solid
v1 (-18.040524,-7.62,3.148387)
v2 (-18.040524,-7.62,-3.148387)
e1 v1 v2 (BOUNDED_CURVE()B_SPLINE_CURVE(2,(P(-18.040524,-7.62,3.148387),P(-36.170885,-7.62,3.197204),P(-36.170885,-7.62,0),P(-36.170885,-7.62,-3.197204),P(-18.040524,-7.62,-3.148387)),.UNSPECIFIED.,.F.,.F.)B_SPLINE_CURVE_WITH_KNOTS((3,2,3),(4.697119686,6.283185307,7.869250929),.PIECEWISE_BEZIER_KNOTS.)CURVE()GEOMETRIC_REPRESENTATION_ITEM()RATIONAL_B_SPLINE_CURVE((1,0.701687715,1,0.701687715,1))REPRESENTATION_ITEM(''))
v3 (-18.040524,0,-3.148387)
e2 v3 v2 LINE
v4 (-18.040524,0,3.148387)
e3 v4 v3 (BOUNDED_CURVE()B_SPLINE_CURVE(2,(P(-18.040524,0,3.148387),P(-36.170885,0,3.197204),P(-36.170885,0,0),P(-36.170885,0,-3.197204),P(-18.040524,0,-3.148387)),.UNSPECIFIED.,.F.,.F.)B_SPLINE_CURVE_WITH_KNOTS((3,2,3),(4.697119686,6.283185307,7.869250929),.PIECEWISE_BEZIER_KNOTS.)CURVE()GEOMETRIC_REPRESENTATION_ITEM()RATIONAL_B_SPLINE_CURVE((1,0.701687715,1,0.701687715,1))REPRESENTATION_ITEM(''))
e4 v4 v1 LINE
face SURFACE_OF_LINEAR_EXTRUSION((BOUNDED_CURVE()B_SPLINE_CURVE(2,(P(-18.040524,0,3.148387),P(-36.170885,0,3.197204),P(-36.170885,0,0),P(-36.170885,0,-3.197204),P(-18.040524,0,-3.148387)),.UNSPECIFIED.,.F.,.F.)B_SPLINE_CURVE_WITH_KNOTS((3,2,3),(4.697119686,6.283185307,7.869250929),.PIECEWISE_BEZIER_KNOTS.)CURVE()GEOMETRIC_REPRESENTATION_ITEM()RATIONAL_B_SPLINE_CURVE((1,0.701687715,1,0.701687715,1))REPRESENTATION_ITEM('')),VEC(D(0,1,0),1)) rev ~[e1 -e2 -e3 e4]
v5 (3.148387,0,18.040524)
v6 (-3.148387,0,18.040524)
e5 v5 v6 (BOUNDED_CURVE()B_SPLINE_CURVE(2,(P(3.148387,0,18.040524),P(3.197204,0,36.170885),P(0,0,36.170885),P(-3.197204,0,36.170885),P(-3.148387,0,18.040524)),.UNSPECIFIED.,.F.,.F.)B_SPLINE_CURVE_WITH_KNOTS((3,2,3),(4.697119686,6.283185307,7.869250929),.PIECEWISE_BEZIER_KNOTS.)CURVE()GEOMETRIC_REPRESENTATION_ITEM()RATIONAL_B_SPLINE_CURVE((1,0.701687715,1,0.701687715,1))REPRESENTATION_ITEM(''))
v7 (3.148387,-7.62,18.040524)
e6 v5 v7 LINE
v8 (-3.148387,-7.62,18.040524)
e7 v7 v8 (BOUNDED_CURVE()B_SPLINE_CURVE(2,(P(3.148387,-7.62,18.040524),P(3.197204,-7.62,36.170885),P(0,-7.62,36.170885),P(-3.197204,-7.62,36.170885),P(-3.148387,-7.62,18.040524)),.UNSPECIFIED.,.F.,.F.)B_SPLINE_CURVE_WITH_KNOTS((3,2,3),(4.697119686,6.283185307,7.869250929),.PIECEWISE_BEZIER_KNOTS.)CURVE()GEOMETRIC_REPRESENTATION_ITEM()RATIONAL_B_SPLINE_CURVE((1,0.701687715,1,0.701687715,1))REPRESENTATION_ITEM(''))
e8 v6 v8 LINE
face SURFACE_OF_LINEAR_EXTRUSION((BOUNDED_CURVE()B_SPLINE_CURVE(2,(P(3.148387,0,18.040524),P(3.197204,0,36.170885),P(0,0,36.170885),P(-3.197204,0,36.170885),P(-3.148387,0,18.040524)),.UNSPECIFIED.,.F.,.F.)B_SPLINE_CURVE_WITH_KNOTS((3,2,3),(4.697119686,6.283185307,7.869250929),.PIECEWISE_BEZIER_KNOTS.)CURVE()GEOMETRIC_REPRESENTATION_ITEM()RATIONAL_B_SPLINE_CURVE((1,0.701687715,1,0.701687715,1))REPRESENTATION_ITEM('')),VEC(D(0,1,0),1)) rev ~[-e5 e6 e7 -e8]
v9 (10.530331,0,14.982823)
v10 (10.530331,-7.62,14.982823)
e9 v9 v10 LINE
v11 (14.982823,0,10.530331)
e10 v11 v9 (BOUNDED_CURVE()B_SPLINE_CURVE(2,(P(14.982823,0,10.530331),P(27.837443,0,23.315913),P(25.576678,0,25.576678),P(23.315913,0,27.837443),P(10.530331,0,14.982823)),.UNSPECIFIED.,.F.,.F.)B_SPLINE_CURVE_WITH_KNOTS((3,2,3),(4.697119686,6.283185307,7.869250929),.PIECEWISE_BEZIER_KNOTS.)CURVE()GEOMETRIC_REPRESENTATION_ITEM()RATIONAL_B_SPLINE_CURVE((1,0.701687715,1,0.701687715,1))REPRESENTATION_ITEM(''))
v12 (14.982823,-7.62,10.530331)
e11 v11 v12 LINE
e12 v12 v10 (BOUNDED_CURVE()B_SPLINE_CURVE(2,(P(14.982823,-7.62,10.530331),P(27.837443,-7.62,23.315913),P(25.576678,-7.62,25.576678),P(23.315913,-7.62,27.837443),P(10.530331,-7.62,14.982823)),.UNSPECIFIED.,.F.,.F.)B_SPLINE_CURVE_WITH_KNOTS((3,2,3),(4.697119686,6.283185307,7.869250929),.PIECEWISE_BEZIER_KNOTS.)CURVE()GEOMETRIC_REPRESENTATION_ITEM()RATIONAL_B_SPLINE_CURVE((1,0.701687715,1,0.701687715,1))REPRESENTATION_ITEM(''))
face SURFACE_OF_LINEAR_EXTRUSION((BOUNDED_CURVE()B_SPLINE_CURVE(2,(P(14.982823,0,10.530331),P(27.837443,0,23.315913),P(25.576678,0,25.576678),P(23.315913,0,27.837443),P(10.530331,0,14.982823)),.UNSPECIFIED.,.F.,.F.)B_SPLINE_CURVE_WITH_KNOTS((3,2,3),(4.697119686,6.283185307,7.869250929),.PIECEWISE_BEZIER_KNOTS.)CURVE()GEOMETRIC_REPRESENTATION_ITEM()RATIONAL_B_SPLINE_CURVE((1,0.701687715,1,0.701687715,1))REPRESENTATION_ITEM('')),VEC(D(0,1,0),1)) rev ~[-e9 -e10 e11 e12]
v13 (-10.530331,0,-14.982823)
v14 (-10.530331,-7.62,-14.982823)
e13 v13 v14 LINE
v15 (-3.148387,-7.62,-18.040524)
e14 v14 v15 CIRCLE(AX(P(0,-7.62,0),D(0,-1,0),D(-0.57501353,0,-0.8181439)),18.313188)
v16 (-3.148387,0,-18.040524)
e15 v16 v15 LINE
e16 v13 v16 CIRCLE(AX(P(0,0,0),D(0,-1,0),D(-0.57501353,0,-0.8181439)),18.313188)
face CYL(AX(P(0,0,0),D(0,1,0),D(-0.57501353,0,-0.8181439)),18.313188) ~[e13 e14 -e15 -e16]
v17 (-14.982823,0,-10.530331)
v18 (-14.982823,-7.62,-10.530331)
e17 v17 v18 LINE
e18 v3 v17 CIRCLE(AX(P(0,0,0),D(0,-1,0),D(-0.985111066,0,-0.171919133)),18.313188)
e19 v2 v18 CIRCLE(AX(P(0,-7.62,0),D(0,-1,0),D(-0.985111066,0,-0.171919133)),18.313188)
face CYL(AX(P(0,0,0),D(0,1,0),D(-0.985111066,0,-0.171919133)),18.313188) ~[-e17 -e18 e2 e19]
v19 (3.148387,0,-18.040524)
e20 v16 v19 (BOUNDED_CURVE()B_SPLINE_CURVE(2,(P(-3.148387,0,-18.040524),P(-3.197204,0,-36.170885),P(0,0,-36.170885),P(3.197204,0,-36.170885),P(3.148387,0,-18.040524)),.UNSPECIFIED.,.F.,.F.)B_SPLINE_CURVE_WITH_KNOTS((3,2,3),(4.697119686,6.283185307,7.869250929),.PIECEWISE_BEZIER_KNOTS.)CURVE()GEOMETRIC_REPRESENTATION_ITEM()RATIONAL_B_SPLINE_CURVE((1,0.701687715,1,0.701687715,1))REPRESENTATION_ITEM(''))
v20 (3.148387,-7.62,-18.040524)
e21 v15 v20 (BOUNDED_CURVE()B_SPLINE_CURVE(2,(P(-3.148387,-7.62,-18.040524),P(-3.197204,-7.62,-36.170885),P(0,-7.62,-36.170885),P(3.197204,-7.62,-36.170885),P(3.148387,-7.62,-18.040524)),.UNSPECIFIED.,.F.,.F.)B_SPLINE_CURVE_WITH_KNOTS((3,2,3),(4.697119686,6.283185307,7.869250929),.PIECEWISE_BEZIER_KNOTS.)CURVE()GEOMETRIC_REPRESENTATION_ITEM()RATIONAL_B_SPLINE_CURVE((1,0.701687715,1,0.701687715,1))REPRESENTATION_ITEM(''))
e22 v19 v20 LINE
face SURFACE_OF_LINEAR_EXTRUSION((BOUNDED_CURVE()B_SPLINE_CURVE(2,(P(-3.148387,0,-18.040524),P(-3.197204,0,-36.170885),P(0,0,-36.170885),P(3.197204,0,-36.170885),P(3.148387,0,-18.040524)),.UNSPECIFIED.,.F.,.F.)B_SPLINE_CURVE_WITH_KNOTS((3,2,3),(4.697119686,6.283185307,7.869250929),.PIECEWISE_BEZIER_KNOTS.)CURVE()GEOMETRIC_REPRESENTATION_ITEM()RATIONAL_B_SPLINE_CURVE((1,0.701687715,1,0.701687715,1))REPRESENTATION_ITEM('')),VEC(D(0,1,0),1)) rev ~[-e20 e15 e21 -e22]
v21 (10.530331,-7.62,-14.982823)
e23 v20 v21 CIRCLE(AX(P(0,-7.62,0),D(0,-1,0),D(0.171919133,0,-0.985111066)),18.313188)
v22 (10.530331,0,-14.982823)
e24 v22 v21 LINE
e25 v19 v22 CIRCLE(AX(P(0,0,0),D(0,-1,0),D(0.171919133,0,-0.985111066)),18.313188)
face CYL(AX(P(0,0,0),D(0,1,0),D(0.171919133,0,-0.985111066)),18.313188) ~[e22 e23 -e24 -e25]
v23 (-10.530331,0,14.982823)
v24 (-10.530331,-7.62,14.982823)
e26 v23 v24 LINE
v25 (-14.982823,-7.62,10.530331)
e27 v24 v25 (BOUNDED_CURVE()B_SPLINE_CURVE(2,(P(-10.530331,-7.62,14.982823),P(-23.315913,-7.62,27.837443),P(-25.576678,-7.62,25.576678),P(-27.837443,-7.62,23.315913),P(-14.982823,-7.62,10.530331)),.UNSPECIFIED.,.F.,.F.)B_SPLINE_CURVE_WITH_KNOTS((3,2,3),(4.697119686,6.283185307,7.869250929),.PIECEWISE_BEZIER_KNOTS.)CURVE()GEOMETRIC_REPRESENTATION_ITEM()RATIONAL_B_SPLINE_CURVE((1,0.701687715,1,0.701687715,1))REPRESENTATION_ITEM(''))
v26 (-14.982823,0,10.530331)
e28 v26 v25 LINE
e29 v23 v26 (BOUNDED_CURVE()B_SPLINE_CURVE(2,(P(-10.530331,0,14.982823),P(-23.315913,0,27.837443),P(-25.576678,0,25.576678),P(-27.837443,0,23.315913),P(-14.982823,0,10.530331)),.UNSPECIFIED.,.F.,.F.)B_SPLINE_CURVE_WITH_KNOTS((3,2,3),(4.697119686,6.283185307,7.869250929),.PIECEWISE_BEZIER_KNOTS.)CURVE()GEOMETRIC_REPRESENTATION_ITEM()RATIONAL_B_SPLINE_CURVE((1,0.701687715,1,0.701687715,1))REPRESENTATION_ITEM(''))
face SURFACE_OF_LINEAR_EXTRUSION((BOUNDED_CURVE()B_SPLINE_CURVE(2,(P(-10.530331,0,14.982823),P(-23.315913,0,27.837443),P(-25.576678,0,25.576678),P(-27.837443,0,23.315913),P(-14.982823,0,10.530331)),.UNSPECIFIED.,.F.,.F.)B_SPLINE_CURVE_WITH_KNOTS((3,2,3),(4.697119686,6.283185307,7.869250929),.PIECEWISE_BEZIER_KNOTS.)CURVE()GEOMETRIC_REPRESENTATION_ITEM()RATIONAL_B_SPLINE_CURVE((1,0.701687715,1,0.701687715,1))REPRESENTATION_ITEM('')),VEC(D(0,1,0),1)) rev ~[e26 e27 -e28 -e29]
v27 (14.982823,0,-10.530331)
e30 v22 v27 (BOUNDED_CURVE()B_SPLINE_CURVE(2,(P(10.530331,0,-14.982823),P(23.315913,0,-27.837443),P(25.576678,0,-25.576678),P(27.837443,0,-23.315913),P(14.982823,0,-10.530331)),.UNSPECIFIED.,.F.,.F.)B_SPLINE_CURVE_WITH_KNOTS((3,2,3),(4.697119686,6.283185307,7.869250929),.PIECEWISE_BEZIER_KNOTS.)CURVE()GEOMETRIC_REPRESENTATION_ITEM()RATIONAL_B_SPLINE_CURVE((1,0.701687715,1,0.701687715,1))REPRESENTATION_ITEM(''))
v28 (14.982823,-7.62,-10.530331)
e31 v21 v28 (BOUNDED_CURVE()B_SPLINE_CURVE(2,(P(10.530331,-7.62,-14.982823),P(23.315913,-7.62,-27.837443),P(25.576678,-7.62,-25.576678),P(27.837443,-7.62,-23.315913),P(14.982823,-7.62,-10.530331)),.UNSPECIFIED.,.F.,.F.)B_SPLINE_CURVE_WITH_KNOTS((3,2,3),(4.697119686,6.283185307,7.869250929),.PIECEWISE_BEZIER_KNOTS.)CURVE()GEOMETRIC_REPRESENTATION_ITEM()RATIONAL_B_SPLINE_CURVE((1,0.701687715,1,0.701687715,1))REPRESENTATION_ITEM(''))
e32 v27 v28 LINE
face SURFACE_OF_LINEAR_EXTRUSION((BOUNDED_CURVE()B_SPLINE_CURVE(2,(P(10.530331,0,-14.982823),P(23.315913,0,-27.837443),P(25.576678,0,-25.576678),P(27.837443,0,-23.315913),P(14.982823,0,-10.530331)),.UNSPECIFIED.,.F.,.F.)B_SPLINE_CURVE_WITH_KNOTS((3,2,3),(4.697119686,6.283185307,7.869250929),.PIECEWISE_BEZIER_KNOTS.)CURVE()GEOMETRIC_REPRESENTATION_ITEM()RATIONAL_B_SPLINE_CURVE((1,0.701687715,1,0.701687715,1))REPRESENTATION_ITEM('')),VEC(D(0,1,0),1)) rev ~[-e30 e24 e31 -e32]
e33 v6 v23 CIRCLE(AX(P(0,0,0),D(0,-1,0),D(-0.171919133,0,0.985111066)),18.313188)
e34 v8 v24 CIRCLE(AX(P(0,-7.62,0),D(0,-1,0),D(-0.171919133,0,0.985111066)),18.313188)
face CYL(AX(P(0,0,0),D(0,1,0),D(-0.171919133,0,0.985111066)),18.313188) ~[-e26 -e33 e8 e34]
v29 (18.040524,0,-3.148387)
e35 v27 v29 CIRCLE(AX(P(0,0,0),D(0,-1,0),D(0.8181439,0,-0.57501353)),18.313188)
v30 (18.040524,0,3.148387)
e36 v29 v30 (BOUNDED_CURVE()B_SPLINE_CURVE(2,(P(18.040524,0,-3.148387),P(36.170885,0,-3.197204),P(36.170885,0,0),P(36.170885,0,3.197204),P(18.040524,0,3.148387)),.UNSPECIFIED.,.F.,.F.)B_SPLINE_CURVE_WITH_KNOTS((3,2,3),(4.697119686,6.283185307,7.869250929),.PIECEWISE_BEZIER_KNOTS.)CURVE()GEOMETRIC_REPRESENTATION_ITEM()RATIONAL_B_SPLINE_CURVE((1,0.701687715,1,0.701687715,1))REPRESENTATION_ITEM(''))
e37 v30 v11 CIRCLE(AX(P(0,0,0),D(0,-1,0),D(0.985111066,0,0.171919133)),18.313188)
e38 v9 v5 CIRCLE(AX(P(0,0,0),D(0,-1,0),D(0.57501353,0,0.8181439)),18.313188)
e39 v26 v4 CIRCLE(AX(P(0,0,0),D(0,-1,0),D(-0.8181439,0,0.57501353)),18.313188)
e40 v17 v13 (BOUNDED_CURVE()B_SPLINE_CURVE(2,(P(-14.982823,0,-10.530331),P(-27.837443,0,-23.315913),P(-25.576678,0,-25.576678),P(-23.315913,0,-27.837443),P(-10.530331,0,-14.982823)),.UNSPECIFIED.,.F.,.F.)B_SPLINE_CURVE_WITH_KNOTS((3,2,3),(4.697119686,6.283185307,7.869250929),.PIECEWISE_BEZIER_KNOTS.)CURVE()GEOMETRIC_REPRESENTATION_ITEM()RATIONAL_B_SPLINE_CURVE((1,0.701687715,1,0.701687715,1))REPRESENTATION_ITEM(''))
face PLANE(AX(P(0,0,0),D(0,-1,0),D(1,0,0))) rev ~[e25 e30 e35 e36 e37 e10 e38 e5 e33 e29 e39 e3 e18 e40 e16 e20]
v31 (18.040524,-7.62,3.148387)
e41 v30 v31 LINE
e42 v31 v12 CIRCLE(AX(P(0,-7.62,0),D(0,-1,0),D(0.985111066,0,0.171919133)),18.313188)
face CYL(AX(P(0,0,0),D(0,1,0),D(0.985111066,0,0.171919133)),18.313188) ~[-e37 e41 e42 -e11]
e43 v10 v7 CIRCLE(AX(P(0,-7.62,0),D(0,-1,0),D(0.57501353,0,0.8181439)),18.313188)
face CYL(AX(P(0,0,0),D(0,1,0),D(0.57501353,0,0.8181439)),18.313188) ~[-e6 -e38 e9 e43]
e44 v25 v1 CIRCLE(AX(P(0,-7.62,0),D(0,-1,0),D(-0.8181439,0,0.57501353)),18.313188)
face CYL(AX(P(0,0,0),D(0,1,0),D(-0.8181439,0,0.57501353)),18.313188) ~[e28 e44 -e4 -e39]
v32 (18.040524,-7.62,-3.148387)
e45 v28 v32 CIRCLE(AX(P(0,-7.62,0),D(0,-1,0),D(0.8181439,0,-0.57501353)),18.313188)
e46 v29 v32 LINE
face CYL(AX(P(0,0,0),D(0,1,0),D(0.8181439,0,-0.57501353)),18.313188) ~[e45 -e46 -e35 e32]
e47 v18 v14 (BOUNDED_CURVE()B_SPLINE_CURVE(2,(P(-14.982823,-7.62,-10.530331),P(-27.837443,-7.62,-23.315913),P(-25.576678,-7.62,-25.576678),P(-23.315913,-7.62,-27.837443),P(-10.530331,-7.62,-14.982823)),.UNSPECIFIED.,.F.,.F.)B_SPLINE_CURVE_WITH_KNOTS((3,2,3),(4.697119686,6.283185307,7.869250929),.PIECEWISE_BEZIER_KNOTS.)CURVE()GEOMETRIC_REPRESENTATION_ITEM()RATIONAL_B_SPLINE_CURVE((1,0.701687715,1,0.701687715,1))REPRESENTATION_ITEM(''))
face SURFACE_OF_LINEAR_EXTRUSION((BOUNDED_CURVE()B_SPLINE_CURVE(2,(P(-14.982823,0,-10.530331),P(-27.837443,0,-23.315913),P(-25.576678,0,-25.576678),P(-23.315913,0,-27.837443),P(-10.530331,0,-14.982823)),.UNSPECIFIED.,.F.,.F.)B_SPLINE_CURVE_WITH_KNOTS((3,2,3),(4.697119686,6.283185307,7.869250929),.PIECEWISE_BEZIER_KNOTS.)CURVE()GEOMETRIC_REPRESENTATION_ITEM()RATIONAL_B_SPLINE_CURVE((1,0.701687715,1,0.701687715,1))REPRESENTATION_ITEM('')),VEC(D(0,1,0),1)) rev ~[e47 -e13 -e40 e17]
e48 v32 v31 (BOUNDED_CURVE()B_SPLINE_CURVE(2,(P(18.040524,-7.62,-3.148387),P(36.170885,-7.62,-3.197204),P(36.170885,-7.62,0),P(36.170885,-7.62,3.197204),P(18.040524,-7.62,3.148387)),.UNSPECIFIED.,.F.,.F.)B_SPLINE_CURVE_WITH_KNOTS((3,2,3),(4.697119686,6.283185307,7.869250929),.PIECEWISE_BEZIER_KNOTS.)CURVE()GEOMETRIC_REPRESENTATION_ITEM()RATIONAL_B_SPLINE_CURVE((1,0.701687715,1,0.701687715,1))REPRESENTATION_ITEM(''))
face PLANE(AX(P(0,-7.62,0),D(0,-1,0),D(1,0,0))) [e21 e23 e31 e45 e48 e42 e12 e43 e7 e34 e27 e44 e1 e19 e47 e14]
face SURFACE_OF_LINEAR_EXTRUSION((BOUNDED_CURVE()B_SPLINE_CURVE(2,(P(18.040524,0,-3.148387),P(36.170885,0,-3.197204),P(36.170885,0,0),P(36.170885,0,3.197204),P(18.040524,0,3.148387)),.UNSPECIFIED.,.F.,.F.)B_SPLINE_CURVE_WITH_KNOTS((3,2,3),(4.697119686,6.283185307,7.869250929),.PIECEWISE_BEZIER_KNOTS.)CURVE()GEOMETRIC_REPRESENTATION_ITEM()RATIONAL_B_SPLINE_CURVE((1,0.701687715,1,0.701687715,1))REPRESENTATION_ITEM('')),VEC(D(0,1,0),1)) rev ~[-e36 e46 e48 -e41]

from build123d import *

# Parameters (mm, degrees)
F1_DEPTH = 7.62


with BuildPart() as f1:
    # F0 (on Front) → F1 (new body)
    with BuildSketch(Plane.XZ):
        with BuildLine():
            add(Edge.make_bspline(
                [(3.1483873372, 18.0405237528), (3.1972044979, 36.1708849669), (0, 36.1708849669), (-3.1972044979, 36.1708849669), (-3.1483873372, 18.0405237528)],
                knots=[4.6971196857, 4.6971196857, 4.6971196857, 6.2831853072, 6.2831853072, 7.8692509287, 7.8692509287, 7.8692509287], degree=2, weights=[1, 0.701687715, 1, 0.701687715, 1]))
            ThreePointArc((-3.1483873372, 18.0405237528), (-7.0081534886, 16.9191791993), (-10.5303306458, 14.9828227177))
            add(Edge.make_bspline(
                [(-10.5303306458, 14.9828227177), (-23.3159130603, 27.8374430229), (-25.5766780416, 25.5766780416), (-27.8374430229, 23.3159130603), (-14.9828227177, 10.5303306458)],
                knots=[4.6971196857, 4.6971196857, 4.6971196857, 6.2831853072, 6.2831853072, 7.8692509287, 7.8692509287, 7.8692509287], degree=2, weights=[1, 0.701687715, 1, 0.701687715, 1]))
            ThreePointArc((-14.9828227177, 10.5303306458), (-16.9191791993, 7.0081534886), (-18.0405237528, 3.1483873372))
            add(Edge.make_bspline(
                [(-18.0405237528, 3.1483873372), (-36.1708849669, 3.1972044979), (-36.1708849669, 0), (-36.1708849669, -3.1972044979), (-18.0405237528, -3.1483873372)],
                knots=[4.6971196857, 4.6971196857, 4.6971196857, 6.2831853072, 6.2831853072, 7.8692509287, 7.8692509287, 7.8692509287], degree=2, weights=[1, 0.701687715, 1, 0.701687715, 1]))
            ThreePointArc((-18.0405237528, -3.1483873372), (-16.9191791993, -7.0081534886), (-14.9828227177, -10.5303306458))
            add(Edge.make_bspline(
                [(-14.9828227177, -10.5303306458), (-27.8374430229, -23.3159130603), (-25.5766780416, -25.5766780416), (-23.3159130603, -27.8374430229), (-10.5303306458, -14.9828227177)],
                knots=[4.6971196857, 4.6971196857, 4.6971196857, 6.2831853072, 6.2831853072, 7.8692509287, 7.8692509287, 7.8692509287], degree=2, weights=[1, 0.701687715, 1, 0.701687715, 1]))
            ThreePointArc((-10.5303306458, -14.9828227177), (-7.0081534886, -16.9191791993), (-3.1483873372, -18.0405237528))
            add(Edge.make_bspline(
                [(-3.1483873372, -18.0405237528), (-3.1972044979, -36.1708849669), (0, -36.1708849669), (3.1972044979, -36.1708849669), (3.1483873372, -18.0405237528)],
                knots=[4.6971196857, 4.6971196857, 4.6971196857, 6.2831853072, 6.2831853072, 7.8692509287, 7.8692509287, 7.8692509287], degree=2, weights=[1, 0.701687715, 1, 0.701687715, 1]))
            ThreePointArc((3.1483873372, -18.0405237528), (7.0081534886, -16.9191791993), (10.5303306458, -14.9828227177))
            add(Edge.make_bspline(
                [(10.5303306458, -14.9828227177), (23.3159130603, -27.8374430229), (25.5766780416, -25.5766780416), (27.8374430229, -23.3159130603), (14.9828227177, -10.5303306458)],
                knots=[4.6971196857, 4.6971196857, 4.6971196857, 6.2831853072, 6.2831853072, 7.8692509287, 7.8692509287, 7.8692509287], degree=2, weights=[1, 0.701687715, 1, 0.701687715, 1]))
            ThreePointArc((14.9828227177, -10.5303306458), (16.9191791993, -7.0081534886), (18.0405237528, -3.1483873372))
            add(Edge.make_bspline(
                [(18.0405237528, -3.1483873372), (36.1708849669, -3.1972044979), (36.1708849669, 0), (36.1708849669, 3.1972044979), (18.0405237528, 3.1483873372)],
                knots=[4.6971196857, 4.6971196857, 4.6971196857, 6.2831853072, 6.2831853072, 7.8692509287, 7.8692509287, 7.8692509287], degree=2, weights=[1, 0.701687715, 1, 0.701687715, 1]))
            ThreePointArc((18.0405237528, 3.1483873372), (16.9191791993, 7.0081534886), (14.9828227177, 10.5303306458))
            add(Edge.make_bspline(
                [(14.9828227177, 10.5303306458), (27.8374430229, 23.3159130603), (25.5766780416, 25.5766780416), (23.3159130603, 27.8374430229), (10.5303306458, 14.9828227177)],
                knots=[4.6971196857, 4.6971196857, 4.6971196857, 6.2831853072, 6.2831853072, 7.8692509287, 7.8692509287, 7.8692509287], degree=2, weights=[1, 0.701687715, 1, 0.701687715, 1]))
            ThreePointArc((10.5303306458, 14.9828227177), (7.0081534886, 16.9191791993), (3.1483873372, 18.0405237528))
        make_face()
    extrude(amount=F1_DEPTH)


solid = f1.part
